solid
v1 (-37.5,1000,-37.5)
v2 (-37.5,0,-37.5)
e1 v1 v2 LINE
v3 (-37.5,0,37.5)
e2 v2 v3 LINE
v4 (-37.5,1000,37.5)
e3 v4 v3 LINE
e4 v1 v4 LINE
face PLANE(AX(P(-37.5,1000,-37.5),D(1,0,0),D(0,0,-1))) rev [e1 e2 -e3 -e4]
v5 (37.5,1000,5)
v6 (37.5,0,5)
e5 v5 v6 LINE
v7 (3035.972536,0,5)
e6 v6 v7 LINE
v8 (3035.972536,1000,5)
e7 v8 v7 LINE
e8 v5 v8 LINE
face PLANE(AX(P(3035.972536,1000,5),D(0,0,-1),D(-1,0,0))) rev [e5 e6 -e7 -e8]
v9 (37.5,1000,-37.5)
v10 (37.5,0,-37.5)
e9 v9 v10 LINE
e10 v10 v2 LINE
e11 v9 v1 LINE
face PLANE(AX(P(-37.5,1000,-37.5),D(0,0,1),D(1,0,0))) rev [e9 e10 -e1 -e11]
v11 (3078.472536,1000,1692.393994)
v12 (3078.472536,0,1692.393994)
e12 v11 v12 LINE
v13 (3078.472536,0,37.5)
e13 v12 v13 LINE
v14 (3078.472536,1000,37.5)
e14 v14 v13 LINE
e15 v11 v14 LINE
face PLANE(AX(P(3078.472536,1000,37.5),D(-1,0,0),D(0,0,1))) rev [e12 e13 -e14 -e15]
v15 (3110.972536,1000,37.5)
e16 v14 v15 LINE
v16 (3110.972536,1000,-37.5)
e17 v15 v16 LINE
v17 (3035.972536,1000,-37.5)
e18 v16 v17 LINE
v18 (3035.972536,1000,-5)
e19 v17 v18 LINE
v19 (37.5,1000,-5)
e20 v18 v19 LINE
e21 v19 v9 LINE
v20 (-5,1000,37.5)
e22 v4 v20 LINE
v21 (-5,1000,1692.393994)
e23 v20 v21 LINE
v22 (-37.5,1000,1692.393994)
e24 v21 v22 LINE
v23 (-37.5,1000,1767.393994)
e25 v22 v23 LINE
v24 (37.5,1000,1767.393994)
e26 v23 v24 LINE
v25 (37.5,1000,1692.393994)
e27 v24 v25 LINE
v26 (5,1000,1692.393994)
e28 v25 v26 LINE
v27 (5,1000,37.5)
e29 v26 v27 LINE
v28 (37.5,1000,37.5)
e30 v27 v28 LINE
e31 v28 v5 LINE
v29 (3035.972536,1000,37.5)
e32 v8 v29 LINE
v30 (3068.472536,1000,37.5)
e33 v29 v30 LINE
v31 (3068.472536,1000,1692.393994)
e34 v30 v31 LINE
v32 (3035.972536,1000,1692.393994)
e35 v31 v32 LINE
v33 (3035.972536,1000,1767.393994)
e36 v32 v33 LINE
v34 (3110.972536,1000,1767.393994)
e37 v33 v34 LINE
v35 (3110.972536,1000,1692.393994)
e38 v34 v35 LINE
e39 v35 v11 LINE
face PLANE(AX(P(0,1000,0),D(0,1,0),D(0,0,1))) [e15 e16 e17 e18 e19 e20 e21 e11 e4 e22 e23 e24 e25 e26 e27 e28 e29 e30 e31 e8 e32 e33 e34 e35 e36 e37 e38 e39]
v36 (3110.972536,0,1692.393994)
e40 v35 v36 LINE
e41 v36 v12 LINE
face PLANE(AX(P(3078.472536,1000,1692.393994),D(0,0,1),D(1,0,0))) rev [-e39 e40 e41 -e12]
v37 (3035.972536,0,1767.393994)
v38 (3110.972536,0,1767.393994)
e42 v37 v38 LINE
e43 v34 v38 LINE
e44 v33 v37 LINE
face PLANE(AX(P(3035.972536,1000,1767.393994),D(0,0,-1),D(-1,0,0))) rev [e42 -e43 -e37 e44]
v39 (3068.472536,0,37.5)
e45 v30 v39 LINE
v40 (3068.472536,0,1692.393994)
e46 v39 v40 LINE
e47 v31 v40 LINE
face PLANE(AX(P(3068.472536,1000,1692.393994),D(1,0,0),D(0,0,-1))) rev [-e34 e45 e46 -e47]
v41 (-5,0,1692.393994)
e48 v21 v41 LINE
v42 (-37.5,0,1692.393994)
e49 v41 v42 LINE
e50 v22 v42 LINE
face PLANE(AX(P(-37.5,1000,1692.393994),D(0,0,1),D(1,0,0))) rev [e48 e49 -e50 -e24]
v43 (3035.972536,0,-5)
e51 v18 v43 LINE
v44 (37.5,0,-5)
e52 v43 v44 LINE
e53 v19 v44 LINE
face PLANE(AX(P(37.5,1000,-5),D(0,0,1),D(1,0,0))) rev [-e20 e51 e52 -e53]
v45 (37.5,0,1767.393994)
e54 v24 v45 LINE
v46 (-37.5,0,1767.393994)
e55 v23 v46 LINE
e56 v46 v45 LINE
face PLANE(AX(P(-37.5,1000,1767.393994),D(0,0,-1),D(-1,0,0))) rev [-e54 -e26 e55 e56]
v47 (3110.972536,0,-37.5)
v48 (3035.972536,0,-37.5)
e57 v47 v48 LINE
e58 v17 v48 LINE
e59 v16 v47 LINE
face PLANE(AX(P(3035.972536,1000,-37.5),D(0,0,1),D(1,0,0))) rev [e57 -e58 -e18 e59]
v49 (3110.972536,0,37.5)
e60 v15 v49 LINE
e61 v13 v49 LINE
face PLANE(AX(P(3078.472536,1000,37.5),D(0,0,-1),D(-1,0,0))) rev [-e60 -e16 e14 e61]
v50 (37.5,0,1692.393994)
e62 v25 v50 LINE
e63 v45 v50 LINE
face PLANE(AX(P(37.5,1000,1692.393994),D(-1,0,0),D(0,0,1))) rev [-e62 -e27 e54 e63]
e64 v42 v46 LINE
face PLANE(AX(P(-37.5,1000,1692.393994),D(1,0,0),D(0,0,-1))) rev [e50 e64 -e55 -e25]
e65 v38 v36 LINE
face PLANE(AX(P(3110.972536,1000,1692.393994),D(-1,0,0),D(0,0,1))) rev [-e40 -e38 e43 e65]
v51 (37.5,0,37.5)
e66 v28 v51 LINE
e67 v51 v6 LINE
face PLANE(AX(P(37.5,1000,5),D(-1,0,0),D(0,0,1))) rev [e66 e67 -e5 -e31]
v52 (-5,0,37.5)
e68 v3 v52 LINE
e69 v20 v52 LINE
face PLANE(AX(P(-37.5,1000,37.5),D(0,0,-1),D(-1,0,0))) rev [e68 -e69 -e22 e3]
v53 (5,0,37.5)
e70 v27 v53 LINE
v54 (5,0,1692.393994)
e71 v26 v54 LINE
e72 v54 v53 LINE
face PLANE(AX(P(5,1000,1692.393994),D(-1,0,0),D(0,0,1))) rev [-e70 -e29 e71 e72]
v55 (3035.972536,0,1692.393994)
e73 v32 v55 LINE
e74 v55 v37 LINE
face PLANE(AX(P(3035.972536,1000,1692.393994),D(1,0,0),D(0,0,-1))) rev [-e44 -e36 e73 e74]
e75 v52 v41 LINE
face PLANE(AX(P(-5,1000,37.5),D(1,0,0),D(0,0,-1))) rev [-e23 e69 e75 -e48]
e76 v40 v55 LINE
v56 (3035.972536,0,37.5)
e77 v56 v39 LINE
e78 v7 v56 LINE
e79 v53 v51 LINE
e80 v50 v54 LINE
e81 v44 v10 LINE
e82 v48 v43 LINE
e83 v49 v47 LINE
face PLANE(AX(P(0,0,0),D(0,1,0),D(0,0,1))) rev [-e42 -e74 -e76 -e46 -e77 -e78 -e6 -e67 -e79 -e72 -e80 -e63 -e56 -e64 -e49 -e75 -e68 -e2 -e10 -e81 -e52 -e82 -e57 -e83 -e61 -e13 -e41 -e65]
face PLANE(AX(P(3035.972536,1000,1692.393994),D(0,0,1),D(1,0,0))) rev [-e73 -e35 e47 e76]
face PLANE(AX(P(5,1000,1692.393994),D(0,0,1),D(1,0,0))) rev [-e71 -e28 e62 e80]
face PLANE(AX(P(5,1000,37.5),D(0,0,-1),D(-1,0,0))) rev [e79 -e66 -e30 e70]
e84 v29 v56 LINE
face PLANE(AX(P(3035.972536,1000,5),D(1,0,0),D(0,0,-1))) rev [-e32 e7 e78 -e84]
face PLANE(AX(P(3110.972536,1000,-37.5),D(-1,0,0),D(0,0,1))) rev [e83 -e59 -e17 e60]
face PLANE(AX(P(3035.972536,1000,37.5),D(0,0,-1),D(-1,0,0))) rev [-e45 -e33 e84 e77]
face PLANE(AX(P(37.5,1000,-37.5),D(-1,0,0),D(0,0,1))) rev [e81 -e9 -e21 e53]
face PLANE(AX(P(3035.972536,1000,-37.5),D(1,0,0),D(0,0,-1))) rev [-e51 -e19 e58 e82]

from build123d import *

# Parameters (mm, degrees)
BOSS_EXTRUDE1_DEPTH = 1000


with BuildPart() as part:
    # Sketch1 → Boss-Extrude1 (new body)
    with BuildSketch(Plane(origin=(0, 0, 0), x_dir=(1, 0, 0), z_dir=(0, 1, 0))):
        Polygon((-37.5, 37.5), (37.5, 37.5), (37.5, 5), (3035.9725355, 5), (3035.9725355, 37.5), (3110.9725355, 37.5), (3110.9725355, -37.5), (3078.4725355, -37.5), (3078.4725355, -1692.393993557), (3110.9725355, -1692.393993557), (3110.9725355, -1767.393993557), (3035.9725355, -1767.393993557), (3035.9725355, -1692.393993557), (3068.4725355, -1692.393993557), (3068.4725355, -37.5), (3035.9725355, -37.5), (3035.9725355, -5), (37.5, -5), (37.5, -37.5), (5, -37.5), (5, -1692.393993557), (37.5, -1692.393993557), (37.5, -1767.393993557), (-37.5, -1767.393993557), (-37.5, -1692.393993557), (-5, -1692.393993557), (-5, -37.5), (-37.5, -37.5), align=None)
    extrude(amount=BOSS_EXTRUDE1_DEPTH)


solid = part.part
